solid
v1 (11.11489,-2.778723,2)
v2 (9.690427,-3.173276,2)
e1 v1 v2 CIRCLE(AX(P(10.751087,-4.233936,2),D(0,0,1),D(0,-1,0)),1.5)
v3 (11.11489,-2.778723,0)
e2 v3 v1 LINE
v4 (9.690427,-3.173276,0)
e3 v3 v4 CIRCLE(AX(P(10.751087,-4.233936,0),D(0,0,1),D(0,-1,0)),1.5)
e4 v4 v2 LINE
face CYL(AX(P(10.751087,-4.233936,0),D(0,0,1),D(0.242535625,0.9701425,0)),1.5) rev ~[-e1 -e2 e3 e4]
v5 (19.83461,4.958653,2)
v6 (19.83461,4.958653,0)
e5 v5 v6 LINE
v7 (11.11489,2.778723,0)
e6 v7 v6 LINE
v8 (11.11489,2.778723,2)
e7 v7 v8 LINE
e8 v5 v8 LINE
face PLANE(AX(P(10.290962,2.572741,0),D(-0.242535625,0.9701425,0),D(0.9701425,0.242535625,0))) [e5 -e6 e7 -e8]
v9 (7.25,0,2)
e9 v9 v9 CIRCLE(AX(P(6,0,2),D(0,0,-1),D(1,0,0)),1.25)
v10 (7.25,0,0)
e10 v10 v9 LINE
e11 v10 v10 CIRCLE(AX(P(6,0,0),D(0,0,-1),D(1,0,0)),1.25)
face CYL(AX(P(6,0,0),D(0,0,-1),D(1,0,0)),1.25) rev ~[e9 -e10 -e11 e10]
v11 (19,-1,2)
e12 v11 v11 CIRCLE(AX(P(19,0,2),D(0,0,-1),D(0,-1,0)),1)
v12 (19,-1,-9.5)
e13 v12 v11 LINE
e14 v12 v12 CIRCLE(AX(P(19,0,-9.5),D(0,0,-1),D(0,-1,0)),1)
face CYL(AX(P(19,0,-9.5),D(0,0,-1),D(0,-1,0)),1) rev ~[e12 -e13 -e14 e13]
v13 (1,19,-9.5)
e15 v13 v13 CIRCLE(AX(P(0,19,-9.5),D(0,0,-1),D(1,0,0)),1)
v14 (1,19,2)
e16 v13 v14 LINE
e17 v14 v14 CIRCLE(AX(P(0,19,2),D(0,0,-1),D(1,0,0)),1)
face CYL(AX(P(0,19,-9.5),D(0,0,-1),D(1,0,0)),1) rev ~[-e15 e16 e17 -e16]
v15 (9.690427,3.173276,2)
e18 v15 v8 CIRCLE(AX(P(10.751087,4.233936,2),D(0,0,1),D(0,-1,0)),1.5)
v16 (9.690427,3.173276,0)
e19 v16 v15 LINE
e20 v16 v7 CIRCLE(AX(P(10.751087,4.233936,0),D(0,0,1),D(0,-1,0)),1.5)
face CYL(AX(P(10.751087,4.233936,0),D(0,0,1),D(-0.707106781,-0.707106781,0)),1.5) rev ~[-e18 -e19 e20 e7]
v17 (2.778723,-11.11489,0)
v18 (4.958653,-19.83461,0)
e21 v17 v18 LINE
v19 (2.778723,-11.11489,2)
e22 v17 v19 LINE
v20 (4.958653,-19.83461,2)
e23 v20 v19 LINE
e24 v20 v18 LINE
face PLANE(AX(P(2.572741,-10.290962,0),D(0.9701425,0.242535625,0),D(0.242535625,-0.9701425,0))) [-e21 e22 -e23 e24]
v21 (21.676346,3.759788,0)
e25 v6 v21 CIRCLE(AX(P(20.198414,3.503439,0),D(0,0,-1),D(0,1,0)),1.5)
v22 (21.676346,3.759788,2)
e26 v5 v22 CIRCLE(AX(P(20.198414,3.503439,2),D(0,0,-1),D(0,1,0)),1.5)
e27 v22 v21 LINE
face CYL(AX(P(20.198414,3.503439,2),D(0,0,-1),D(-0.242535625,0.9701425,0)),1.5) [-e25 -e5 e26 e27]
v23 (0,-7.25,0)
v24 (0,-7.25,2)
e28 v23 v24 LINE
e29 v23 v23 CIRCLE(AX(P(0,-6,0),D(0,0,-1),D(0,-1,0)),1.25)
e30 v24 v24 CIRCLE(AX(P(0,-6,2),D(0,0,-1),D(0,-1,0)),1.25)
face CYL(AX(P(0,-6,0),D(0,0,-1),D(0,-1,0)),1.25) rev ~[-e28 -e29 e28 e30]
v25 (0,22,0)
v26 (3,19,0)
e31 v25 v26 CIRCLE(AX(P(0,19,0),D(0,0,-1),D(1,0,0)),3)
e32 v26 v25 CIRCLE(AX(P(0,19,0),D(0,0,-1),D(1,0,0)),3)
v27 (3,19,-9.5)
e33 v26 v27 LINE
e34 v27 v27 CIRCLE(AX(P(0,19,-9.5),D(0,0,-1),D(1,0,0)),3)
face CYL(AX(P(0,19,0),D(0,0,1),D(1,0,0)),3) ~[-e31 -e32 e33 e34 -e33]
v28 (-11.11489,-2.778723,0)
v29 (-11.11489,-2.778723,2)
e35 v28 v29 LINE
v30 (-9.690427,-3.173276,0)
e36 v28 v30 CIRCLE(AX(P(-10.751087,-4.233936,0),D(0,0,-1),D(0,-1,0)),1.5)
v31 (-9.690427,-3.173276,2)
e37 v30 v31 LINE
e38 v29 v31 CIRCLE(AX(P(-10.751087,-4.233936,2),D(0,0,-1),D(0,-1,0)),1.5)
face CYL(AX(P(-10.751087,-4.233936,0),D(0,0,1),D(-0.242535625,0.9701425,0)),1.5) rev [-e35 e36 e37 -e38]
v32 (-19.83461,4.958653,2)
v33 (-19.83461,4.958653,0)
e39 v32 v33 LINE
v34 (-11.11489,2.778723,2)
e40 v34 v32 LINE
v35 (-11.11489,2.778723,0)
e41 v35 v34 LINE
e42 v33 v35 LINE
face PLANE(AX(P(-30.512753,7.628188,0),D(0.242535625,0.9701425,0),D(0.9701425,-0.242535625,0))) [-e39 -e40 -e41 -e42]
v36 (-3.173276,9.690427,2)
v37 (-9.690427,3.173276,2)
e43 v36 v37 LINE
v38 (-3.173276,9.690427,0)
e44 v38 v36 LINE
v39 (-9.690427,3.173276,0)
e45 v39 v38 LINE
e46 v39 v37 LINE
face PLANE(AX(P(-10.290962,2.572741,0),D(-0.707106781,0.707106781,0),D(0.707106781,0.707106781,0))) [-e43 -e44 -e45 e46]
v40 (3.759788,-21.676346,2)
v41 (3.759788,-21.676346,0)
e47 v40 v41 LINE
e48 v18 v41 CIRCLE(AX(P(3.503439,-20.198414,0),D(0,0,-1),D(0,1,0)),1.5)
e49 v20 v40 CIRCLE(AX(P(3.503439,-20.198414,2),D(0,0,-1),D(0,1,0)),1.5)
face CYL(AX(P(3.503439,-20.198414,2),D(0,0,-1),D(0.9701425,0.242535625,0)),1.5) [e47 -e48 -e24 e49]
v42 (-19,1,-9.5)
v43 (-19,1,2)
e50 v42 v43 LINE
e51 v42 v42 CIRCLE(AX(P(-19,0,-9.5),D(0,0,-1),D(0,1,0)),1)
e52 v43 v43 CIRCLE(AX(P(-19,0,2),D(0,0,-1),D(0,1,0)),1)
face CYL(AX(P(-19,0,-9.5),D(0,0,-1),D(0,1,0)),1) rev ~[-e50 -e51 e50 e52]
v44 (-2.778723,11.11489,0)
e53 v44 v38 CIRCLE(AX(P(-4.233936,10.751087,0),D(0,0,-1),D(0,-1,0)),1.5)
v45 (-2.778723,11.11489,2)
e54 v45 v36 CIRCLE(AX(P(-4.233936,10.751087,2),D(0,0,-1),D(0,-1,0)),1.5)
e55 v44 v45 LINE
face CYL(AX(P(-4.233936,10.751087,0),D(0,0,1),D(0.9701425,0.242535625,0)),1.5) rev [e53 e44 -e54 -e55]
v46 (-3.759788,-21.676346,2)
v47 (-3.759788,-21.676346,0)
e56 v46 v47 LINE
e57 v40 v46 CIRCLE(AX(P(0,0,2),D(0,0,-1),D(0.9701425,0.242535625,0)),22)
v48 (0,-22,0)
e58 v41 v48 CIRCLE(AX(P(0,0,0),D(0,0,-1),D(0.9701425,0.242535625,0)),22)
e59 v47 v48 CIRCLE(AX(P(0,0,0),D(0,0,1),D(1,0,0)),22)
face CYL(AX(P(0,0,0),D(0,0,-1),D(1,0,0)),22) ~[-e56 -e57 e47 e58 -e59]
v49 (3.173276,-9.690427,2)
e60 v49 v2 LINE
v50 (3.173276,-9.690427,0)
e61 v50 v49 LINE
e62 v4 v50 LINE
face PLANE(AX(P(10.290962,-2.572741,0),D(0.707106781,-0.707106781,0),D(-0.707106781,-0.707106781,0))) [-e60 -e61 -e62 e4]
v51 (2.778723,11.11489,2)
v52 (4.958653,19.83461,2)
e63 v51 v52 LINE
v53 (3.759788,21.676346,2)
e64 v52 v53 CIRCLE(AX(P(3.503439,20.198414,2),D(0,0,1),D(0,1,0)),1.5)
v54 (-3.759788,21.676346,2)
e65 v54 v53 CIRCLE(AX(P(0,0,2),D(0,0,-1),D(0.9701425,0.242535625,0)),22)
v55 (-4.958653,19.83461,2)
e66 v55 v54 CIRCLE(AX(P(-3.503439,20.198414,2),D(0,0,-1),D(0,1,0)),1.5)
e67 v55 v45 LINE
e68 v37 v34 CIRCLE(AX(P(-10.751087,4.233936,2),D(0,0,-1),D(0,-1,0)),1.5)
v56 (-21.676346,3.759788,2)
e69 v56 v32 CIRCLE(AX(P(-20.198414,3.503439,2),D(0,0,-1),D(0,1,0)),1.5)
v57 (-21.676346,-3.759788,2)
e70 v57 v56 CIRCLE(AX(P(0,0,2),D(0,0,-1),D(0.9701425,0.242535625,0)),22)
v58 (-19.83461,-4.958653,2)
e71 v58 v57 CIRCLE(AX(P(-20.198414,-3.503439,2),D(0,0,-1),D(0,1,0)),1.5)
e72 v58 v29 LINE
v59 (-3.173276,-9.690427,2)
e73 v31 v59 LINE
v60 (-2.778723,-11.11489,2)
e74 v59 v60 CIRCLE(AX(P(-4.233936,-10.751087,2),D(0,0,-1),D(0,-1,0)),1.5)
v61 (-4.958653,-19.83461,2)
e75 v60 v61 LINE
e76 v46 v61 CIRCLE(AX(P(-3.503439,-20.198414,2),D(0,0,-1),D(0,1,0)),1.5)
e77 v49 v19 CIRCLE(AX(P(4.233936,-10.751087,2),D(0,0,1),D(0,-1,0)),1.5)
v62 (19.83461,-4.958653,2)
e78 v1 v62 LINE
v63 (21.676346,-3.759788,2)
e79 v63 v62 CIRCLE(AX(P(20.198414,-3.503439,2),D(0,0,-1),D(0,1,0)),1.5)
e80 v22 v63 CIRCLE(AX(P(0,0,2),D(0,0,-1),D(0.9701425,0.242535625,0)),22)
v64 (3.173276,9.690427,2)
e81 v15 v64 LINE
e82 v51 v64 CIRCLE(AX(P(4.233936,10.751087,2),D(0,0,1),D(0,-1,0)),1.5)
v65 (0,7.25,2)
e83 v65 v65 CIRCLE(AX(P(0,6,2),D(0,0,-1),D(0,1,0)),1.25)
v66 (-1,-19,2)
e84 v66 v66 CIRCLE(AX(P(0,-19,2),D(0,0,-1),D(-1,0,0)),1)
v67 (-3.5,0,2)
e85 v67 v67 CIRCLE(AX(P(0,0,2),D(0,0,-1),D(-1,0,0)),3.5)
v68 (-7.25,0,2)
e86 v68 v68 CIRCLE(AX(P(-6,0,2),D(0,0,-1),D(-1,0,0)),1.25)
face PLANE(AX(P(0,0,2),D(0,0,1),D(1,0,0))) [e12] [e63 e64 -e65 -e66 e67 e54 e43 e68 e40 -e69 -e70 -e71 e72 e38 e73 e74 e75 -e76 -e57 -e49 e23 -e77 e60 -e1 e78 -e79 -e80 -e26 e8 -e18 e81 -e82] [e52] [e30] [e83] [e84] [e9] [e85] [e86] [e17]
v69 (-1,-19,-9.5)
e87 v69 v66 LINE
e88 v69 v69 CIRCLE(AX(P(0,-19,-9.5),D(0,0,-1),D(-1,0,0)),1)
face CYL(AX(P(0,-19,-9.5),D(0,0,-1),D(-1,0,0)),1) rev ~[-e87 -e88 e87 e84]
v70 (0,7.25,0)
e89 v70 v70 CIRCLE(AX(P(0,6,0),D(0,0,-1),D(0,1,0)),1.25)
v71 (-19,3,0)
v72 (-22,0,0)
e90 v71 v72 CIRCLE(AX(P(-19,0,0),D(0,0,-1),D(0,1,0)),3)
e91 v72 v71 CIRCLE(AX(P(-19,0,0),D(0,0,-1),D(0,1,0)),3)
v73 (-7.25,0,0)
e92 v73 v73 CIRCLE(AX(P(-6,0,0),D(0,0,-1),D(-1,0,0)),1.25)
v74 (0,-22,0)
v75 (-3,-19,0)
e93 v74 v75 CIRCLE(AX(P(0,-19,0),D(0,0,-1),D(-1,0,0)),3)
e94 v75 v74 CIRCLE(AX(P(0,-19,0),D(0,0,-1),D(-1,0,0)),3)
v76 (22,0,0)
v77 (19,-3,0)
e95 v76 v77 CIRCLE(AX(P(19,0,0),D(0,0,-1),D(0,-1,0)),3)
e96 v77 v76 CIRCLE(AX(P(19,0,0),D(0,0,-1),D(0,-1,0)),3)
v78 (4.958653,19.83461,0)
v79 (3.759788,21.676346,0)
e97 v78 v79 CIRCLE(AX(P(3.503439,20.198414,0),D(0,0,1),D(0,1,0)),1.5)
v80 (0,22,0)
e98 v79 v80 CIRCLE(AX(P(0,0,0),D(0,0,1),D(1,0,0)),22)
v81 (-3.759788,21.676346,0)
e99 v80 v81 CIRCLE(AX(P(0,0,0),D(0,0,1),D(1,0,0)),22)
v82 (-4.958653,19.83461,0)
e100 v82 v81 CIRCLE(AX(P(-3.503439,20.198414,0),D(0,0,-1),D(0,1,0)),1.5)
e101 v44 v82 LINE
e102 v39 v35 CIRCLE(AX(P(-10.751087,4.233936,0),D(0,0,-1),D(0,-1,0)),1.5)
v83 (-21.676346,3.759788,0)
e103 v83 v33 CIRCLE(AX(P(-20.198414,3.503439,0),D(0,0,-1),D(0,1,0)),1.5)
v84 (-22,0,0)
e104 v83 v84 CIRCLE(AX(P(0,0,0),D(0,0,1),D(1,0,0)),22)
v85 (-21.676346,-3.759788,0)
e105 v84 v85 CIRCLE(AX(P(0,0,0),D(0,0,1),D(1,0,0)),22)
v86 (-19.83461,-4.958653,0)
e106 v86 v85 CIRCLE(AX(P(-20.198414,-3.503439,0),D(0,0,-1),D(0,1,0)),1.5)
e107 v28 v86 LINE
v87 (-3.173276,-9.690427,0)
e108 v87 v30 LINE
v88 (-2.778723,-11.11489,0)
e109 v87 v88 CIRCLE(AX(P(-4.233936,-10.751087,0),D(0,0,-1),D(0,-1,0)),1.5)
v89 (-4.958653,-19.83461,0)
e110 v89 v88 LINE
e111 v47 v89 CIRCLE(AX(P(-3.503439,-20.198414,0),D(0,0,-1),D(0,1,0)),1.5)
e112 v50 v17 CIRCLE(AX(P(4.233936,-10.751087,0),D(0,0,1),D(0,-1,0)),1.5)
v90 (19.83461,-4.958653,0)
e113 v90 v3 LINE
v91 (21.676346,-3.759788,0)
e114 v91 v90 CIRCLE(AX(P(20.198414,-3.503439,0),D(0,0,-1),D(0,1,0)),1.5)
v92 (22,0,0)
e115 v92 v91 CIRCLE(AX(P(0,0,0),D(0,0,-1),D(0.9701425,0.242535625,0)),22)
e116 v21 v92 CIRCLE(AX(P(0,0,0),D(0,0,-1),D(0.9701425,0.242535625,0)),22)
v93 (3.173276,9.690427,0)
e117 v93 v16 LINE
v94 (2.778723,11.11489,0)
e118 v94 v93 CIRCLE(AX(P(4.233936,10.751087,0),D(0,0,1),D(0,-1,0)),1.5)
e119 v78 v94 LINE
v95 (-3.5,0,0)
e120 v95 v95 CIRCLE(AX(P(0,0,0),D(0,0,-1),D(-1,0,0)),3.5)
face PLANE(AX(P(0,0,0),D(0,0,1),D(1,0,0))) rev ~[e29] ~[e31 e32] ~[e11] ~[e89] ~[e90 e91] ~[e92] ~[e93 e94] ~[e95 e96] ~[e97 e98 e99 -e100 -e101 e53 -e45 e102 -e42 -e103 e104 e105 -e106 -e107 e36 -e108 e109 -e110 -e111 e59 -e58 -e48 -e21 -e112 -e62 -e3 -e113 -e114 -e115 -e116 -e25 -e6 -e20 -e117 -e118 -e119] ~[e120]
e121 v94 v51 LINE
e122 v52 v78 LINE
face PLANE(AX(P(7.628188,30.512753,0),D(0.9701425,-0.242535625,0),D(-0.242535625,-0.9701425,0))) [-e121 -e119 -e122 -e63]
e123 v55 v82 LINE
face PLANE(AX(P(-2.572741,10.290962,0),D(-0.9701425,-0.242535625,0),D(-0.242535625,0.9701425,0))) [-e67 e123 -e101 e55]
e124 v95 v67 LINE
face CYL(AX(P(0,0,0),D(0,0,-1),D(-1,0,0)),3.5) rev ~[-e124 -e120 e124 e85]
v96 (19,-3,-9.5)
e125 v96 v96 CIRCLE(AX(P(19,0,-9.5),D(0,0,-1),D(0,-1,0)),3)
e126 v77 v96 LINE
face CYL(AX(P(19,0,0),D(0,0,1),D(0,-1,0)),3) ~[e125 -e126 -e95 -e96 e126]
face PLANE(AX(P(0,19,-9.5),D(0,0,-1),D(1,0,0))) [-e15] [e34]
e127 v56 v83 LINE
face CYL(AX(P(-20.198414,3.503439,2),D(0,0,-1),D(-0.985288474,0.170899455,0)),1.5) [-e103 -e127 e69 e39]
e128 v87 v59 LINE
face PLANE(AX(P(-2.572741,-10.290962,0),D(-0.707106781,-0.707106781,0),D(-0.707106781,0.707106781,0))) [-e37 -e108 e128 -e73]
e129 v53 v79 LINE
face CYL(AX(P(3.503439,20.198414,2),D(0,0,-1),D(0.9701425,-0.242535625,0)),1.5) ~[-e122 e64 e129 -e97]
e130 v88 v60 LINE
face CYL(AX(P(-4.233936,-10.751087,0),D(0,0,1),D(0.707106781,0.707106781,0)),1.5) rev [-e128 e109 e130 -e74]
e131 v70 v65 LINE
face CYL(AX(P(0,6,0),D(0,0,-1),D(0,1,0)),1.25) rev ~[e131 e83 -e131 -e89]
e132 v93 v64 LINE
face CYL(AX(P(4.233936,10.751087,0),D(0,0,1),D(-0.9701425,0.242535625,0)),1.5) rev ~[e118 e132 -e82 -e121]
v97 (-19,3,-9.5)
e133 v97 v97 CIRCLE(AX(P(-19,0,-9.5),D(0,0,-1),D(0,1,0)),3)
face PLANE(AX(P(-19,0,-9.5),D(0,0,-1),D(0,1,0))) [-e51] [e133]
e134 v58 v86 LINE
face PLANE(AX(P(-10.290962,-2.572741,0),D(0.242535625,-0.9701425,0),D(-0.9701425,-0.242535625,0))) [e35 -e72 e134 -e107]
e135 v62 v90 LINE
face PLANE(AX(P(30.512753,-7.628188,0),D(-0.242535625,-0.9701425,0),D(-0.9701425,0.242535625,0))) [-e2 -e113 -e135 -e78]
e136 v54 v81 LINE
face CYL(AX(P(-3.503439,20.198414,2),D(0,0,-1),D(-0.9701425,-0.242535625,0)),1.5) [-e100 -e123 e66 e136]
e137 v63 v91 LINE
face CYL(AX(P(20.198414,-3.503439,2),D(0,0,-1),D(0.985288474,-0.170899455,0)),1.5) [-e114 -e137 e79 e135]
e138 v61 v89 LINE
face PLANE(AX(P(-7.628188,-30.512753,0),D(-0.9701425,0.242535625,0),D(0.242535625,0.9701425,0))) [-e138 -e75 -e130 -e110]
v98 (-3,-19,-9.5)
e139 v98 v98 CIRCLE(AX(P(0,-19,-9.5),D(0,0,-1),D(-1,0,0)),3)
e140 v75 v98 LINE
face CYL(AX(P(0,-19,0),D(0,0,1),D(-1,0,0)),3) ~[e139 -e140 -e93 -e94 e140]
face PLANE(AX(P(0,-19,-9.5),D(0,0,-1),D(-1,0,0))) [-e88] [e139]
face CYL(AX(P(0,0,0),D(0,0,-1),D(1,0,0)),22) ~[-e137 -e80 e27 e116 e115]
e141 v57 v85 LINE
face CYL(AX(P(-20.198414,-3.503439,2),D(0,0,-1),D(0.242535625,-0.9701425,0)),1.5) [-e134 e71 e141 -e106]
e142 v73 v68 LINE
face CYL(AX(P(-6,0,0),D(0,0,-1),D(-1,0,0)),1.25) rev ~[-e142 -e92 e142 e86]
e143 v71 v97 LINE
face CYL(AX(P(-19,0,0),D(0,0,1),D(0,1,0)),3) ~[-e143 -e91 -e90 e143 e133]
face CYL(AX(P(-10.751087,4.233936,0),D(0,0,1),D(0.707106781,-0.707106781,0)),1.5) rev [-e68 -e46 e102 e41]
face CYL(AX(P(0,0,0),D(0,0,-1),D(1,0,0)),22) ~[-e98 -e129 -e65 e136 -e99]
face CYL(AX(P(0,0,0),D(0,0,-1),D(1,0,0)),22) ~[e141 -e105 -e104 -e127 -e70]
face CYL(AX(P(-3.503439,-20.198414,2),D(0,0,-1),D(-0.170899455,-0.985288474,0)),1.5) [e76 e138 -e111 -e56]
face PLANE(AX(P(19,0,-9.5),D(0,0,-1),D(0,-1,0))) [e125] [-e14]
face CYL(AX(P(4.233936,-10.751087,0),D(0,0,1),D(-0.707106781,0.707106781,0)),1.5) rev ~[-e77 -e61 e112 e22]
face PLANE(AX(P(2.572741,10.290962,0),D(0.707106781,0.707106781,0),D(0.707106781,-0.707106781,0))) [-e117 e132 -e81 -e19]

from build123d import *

# Parameters (mm, degrees)
SKETCH_1_R               = 22
EXTRUDE_1_DEPTH          = 2
SKETCH_3_R               = 1.25
CUT_EXTRUDE_1_DEPTH      = 3
SKETCH_4_R               = 3.5
CUT_EXTRUDE_2_DEPTH      = 3
SKETCH_6_R               = 3
EXTRUDE_3_DEPTH          = 9.5
SKETCH_8_R               = 1
CUT_EXTRUDE_4_DEPTH      = 11.5
CUT_EXTRUDE_3_DEPTH      = 6
PATTERN_CIRCULAR_1_COUNT = 4
FILLET_2_R               = 1.5
FILLET_3_R               = 1.5


with BuildPart() as part:
    # 草图1 → 凸台-拉伸1 (new body)
    with BuildSketch(Plane.XY):
        Circle(SKETCH_1_R)
    extrude(amount=EXTRUDE_1_DEPTH)

    # 草图3 → 切除-拉伸1 (cut)
    with BuildSketch(Plane(origin=(0, 0, 0), x_dir=(-1, 0, 0), z_dir=(0, 0, -1))):
        with Locations((6, 0)):
            Circle(SKETCH_3_R)
    cut_extrude_1 = extrude(amount=-CUT_EXTRUDE_1_DEPTH, mode=Mode.SUBTRACT)

    # 草图4 → 切除-拉伸2 (cut)
    with BuildSketch(Plane(origin=(0, 0, 0), x_dir=(-1, 0, 0), z_dir=(0, 0, -1))):
        Circle(SKETCH_4_R)
    extrude(amount=-CUT_EXTRUDE_2_DEPTH, mode=Mode.SUBTRACT)

    # 草图6 → 凸台-拉伸3 (add)
    with BuildSketch(Plane(origin=(0, 0, 0), x_dir=(-1, 0, 0), z_dir=(0, 0, -1))):
        with Locations((0, -19)):
            Circle(SKETCH_6_R)
    extrude_3 = extrude(amount=EXTRUDE_3_DEPTH)

    # 草图8 → 切除-拉伸4 (cut)
    with BuildSketch(Plane(origin=(0, 0, -9.5), x_dir=(-1, 0, 0), z_dir=(0, 0, -1))):
        with Locations((0, -19)):
            Circle(SKETCH_8_R)
    cut_extrude_4 = extrude(amount=-CUT_EXTRUDE_4_DEPTH, mode=Mode.SUBTRACT)

    # 草图7 → 切除-拉伸3 (cut)
    with BuildSketch(Plane(origin=(0, 0, 0), x_dir=(-1, 0, 0), z_dir=(0, 0, -1))):
        Polygon((-2.572740594, 10.290962376), (-10.290962376, 2.572740594), (-30.512752563, 7.628188141), (-7.628188141, 30.512752563), align=None)
    cut_extrude_3 = extrude(amount=-CUT_EXTRUDE_3_DEPTH, mode=Mode.SUBTRACT)

    # 阵列(圆周)1: 切除-拉伸1, 凸台-拉伸3, 切除-拉伸4, 切除-拉伸3 ×4 about axis
    pattern_circular_1_axis = Axis((0, 0, 0), (0, 0, 1))
    for i in range(1, PATTERN_CIRCULAR_1_COUNT):
        add(cut_extrude_1.rotate(pattern_circular_1_axis, i * 360 / PATTERN_CIRCULAR_1_COUNT), mode=Mode.SUBTRACT)
        add(extrude_3.rotate(pattern_circular_1_axis, i * 360 / PATTERN_CIRCULAR_1_COUNT))
        add(cut_extrude_4.rotate(pattern_circular_1_axis, i * 360 / PATTERN_CIRCULAR_1_COUNT), mode=Mode.SUBTRACT)
        add(cut_extrude_3.rotate(pattern_circular_1_axis, i * 360 / PATTERN_CIRCULAR_1_COUNT), mode=Mode.SUBTRACT)

    # 圆角2
    fillet_2_edges = [part.edges().sort_by_distance(p)[0] for p in [
        (-5.335783751, -21.343135003, 1),
        (-21.343135003, -5.335783751, 1),
        (21.343135003, -5.335783751, 1),
        (5.335783751, -21.343135003, 1),
        (5.335783751, 21.343135003, 1),
        (21.343135003, 5.335783751, 1),
        (-21.343135003, 5.335783751, 1),
        (-5.335783751, 21.343135003, 1),
    ]]
    fillet(fillet_2_edges, radius=FILLET_2_R)

    # 圆角3
    fillet_3_edges = [part.edges().sort_by_distance(p)[0] for p in [
        (-10.290962376, -2.572740594, 1),
        (-2.572740594, -10.290962376, 1),
        (2.572740594, -10.290962376, 1),
        (10.290962376, -2.572740594, 1),
        (10.290962376, 2.572740594, 1),
        (2.572740594, 10.290962376, 1),
        (-2.572740594, 10.290962376, 1),
        (-10.290962376, 2.572740594, 1),
    ]]
    fillet(fillet_3_edges, radius=FILLET_3_R)


solid = part.part
